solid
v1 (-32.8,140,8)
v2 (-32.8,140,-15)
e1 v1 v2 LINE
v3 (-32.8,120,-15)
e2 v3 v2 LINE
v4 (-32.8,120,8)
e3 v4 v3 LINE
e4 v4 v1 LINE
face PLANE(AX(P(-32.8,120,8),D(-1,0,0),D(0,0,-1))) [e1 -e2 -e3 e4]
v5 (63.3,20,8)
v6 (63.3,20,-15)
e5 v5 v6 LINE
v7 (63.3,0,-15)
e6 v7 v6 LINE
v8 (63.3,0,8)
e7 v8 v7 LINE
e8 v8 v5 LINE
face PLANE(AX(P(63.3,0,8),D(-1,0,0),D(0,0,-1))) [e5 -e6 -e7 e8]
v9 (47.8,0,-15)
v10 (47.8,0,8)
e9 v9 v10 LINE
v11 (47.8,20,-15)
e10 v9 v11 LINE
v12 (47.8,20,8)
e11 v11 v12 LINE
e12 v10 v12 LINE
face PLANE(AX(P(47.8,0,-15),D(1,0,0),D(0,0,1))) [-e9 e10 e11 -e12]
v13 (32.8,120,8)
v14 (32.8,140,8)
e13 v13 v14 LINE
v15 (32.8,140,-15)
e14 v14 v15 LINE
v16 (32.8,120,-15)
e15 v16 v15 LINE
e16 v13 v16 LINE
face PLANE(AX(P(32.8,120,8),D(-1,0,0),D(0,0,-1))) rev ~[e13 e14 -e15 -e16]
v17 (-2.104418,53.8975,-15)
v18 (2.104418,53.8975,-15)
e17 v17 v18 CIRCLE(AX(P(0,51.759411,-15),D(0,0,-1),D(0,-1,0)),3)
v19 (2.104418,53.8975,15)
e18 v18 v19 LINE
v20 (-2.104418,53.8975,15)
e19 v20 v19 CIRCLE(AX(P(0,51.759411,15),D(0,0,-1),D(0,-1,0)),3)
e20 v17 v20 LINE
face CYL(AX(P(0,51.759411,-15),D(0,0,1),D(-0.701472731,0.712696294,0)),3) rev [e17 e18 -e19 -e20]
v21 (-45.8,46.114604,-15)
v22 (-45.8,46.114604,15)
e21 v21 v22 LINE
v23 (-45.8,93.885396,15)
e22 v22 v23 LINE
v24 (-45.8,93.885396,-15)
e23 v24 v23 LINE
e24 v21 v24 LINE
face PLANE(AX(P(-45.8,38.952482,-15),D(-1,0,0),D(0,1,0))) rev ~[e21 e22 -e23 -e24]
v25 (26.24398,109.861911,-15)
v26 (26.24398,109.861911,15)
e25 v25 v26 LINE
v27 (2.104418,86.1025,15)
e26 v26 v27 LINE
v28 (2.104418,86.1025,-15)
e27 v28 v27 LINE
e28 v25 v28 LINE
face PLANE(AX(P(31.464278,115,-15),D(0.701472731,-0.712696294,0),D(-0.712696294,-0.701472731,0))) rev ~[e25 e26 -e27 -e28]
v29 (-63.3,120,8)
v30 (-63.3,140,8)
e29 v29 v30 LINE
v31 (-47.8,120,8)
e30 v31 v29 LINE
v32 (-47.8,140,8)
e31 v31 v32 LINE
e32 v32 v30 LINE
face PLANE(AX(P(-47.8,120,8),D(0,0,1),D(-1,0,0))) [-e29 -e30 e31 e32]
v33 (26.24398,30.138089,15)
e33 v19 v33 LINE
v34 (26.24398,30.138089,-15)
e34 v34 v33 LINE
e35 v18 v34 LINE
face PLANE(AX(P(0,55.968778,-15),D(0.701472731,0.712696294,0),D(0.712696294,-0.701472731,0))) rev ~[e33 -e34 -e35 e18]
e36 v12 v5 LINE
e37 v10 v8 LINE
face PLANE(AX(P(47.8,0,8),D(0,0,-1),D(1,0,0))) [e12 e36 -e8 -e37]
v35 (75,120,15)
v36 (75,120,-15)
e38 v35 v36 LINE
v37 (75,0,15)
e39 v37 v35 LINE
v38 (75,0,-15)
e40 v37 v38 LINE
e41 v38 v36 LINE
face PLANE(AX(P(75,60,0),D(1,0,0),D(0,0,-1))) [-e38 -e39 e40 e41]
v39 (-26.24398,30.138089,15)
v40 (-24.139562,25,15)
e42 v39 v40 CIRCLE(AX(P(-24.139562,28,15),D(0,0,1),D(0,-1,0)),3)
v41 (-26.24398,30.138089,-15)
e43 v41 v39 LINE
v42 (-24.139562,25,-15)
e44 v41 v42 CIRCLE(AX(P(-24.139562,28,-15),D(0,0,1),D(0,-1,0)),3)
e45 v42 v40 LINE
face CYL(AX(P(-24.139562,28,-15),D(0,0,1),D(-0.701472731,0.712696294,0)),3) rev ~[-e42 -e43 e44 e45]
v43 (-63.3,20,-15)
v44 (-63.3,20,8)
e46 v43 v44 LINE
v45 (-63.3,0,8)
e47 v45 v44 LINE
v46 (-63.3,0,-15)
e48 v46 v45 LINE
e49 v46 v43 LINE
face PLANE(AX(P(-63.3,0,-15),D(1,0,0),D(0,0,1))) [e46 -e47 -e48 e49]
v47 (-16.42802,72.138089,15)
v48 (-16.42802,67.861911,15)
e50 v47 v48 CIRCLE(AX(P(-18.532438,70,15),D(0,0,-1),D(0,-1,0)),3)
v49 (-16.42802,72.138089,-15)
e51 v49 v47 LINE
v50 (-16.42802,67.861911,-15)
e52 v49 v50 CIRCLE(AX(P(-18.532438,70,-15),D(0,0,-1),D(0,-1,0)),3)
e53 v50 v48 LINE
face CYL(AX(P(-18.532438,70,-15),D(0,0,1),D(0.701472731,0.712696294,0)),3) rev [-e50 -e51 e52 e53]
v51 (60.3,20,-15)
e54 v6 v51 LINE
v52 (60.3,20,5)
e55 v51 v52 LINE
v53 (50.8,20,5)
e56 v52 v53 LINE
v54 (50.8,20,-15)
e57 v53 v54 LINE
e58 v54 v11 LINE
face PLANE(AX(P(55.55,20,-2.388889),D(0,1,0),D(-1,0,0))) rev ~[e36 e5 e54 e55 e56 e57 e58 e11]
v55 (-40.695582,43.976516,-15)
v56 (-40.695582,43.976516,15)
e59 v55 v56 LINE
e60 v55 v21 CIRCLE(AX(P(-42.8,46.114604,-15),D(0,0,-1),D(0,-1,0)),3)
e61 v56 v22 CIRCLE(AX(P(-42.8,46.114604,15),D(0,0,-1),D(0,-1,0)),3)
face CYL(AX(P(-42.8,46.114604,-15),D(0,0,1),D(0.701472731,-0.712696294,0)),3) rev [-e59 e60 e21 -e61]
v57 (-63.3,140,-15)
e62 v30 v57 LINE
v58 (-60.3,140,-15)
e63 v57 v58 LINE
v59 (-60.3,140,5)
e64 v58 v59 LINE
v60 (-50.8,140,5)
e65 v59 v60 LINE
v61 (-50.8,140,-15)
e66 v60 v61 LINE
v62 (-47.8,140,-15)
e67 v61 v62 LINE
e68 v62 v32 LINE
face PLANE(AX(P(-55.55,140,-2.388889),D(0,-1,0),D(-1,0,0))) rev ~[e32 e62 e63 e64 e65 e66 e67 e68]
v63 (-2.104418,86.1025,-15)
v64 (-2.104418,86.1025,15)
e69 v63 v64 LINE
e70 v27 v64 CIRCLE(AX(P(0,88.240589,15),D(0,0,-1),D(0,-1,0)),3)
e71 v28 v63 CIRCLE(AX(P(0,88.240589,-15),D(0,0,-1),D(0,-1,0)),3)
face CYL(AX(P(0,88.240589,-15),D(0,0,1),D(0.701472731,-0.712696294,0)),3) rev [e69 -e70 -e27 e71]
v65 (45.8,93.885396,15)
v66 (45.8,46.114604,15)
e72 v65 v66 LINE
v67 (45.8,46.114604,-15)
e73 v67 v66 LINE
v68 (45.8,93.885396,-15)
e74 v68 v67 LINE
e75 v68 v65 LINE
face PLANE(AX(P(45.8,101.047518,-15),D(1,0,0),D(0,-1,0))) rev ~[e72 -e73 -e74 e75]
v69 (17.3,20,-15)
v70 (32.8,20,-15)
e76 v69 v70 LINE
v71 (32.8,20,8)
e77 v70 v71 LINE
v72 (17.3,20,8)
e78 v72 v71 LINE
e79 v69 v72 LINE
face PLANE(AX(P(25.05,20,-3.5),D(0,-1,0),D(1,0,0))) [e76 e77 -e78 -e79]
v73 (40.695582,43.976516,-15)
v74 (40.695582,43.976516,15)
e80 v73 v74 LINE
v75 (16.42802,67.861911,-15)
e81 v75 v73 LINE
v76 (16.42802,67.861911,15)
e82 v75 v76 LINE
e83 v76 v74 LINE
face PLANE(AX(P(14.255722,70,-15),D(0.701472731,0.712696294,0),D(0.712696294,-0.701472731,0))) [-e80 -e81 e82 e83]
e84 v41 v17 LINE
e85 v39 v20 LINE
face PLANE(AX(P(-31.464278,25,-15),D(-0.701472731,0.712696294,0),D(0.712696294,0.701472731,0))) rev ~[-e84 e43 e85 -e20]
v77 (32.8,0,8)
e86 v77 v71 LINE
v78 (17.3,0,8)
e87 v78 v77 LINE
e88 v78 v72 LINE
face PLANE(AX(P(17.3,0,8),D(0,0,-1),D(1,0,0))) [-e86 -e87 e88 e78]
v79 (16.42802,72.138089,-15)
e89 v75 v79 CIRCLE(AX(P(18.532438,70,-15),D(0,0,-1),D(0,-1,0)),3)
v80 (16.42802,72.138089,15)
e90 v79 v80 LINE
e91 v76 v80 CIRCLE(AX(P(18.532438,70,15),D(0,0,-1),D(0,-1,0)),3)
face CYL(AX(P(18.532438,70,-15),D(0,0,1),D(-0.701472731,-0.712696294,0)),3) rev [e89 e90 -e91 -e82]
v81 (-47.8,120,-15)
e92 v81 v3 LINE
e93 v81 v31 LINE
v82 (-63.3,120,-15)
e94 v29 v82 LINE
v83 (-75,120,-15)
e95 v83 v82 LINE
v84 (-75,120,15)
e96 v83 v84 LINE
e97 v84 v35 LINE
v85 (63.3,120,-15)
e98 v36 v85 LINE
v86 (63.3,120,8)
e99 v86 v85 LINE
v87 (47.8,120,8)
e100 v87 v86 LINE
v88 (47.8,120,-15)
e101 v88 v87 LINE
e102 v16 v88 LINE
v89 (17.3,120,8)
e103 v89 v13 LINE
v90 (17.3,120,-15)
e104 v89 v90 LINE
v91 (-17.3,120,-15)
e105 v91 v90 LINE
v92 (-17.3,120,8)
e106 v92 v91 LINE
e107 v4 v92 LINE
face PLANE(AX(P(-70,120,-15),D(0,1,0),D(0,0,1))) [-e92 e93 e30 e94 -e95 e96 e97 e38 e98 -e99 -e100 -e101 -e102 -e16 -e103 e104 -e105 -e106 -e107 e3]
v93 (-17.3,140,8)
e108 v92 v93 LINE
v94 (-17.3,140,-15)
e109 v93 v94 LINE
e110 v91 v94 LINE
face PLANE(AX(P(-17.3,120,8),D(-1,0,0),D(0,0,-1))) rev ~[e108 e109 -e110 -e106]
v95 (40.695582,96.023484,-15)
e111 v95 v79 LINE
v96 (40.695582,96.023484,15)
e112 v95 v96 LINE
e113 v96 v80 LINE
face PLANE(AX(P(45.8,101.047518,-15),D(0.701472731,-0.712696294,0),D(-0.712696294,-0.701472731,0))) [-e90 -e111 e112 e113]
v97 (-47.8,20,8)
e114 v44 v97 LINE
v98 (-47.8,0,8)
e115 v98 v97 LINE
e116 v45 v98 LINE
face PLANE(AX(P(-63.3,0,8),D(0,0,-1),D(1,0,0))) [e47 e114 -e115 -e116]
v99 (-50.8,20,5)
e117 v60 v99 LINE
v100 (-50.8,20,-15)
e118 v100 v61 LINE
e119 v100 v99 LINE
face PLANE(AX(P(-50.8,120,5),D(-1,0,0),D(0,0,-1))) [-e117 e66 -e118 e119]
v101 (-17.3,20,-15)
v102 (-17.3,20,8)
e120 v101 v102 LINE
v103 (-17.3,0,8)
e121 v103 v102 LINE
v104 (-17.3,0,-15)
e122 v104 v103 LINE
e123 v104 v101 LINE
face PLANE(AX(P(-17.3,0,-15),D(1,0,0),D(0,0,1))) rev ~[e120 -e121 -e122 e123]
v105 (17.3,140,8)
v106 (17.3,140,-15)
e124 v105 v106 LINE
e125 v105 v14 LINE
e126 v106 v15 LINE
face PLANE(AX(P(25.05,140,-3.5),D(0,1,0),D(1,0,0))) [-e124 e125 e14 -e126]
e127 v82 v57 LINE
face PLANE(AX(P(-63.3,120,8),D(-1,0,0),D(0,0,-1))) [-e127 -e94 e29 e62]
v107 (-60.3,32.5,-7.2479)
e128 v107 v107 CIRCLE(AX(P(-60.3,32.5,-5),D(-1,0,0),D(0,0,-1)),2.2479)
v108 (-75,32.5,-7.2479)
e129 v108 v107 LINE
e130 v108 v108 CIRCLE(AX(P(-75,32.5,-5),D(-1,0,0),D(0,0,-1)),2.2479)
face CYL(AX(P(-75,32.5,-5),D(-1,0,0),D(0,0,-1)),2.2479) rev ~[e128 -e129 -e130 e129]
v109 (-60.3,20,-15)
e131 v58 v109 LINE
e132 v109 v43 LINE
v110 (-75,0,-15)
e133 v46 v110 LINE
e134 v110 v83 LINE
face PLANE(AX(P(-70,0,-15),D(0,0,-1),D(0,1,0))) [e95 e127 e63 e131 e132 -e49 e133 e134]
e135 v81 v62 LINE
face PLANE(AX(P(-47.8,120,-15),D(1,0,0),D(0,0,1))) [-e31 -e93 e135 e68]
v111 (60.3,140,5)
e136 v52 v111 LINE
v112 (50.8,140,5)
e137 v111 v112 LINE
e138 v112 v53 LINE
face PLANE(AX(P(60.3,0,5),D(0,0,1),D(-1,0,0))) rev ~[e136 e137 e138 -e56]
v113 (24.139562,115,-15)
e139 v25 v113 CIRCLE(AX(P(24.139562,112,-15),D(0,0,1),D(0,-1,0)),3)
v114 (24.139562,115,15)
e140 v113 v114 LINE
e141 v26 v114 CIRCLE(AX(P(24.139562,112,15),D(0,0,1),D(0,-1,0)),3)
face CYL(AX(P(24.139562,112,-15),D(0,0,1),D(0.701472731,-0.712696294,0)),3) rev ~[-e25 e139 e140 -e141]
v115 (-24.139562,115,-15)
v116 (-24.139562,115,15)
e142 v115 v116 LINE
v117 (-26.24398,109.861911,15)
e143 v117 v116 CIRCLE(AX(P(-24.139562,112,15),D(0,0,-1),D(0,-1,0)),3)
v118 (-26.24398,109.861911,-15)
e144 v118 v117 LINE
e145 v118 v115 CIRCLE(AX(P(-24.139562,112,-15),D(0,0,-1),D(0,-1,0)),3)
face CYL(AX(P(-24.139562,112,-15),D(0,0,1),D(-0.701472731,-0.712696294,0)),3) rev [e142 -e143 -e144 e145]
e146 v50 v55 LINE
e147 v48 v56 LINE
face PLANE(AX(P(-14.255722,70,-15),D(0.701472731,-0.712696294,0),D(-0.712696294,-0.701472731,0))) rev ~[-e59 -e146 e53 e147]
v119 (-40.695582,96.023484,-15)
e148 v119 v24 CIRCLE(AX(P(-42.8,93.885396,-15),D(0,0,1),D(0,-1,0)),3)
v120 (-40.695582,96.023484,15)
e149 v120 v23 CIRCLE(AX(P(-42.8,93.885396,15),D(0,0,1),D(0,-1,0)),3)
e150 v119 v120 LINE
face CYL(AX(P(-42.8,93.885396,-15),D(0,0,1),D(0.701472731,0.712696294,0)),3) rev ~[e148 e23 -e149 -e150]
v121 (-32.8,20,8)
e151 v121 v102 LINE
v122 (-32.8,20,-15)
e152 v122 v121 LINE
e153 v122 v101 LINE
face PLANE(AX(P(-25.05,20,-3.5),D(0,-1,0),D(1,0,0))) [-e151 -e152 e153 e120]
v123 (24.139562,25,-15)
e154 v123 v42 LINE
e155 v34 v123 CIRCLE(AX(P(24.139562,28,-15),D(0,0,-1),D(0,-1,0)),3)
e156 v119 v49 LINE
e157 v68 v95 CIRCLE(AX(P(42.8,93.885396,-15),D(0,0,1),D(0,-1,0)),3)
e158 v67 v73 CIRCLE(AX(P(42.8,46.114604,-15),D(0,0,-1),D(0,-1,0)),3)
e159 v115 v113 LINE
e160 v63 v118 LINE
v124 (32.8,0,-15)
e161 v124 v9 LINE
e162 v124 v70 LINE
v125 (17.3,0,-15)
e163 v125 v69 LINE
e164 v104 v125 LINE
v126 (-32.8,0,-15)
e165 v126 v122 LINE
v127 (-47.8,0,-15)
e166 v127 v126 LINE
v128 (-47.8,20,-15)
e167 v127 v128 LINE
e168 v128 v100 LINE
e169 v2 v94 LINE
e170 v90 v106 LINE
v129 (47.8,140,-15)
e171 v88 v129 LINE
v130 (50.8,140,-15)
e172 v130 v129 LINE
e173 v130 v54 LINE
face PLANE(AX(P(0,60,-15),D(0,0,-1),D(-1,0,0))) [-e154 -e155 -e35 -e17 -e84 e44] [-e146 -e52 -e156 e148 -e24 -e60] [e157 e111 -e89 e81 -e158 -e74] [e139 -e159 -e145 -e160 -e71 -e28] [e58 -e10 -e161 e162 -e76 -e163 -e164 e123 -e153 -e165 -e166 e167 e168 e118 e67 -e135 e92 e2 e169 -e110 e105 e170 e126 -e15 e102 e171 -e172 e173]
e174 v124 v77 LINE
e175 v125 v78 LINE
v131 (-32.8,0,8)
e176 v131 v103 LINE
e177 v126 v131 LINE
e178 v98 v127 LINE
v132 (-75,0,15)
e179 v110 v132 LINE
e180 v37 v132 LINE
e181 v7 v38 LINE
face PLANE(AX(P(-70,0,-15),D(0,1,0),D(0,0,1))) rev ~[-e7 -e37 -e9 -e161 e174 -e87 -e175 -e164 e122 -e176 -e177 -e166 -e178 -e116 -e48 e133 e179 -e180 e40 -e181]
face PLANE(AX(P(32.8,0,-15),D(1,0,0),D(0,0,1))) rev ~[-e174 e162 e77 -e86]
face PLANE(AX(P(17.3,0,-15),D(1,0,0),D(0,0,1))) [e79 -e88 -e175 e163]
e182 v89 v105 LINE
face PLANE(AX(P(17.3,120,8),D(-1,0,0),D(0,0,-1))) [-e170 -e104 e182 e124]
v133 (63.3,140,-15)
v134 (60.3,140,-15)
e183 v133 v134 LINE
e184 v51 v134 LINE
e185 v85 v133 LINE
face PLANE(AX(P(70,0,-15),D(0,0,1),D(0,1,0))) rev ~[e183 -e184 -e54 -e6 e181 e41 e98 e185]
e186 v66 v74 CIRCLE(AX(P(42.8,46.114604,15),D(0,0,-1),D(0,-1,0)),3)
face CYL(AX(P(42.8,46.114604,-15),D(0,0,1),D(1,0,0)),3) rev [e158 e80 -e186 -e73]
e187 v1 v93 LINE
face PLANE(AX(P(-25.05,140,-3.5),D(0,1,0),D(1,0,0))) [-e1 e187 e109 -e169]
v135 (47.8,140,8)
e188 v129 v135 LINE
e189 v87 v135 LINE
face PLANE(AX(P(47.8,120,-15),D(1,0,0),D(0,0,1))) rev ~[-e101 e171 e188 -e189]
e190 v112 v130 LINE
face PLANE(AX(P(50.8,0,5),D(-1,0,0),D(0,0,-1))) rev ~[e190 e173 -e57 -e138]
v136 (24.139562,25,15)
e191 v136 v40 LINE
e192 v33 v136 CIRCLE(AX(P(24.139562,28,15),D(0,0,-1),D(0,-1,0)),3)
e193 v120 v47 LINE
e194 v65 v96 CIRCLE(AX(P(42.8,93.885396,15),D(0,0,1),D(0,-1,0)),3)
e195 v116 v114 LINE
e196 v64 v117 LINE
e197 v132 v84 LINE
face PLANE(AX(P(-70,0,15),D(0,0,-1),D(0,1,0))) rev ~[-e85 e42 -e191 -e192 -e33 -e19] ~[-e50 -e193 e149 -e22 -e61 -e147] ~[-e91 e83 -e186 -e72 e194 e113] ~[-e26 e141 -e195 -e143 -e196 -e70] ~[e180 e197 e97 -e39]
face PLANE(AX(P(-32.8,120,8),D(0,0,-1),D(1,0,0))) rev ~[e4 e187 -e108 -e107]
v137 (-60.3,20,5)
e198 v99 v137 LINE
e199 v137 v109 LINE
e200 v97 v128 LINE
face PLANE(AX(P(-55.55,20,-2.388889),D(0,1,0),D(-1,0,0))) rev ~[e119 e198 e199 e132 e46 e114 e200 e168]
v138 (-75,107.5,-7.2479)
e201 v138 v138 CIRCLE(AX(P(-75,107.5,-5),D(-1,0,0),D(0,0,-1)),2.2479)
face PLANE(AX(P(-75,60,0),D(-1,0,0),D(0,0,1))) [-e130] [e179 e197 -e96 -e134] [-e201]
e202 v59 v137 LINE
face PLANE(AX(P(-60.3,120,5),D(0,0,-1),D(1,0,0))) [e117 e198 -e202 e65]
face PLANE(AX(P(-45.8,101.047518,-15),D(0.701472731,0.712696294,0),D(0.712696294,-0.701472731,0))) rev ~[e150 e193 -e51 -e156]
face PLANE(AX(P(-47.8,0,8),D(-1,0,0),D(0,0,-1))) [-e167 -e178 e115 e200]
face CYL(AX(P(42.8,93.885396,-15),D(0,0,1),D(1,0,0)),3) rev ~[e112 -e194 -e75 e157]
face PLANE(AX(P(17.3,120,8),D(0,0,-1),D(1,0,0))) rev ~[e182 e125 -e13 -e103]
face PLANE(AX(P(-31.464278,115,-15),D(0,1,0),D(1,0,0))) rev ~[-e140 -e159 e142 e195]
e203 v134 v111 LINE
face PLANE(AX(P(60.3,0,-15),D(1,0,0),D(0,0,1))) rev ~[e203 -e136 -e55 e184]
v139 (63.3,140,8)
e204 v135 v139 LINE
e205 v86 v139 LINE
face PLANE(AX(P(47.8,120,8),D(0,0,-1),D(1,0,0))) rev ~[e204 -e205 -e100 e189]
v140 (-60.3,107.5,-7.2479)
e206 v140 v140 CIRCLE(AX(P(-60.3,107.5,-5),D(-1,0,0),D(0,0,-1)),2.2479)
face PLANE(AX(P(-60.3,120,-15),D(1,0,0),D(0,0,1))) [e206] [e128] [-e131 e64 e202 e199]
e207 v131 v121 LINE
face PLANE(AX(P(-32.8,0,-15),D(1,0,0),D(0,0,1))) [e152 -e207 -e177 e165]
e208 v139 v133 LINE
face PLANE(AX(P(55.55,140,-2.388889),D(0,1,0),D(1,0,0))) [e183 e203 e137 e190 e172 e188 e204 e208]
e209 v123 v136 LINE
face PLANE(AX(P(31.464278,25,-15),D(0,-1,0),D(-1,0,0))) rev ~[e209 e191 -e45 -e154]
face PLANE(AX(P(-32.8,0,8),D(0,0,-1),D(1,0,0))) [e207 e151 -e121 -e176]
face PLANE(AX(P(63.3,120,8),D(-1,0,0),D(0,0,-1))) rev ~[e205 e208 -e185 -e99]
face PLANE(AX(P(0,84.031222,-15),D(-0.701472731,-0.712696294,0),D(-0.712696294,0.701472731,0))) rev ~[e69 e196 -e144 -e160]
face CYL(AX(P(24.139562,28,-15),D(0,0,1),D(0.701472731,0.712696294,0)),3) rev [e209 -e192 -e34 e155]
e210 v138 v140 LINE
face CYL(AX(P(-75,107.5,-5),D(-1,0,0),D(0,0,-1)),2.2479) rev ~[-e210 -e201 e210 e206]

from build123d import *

# Parameters (mm, degrees)
BOSS_EXTRUDE1_DEPTH        = 120
BOSS_EXTRUDE2_DEPTH        = 20
CUT_EXTRUDE1_DEPTH         = 20
SKETCH17_W                 = 82.2
SKETCH17_H                 = 120
BOSS_EXTRUDE3_DEPTH        = 20
SKETCH18_W                 = 15.5
SKETCH18_H                 = 23
CUT_EXTRUDE2_DEPTH         = 20
SKETCH19_W                 = 15.5
SKETCH19_H                 = 23
BOSS_EXTRUDE4_DEPTH        = 20
CUT_EXTRUDE3_DEPTH         = 37
FILLET3_R                  = 3
SKETCH22_W                 = 30
SKETCH22_H                 = 120
BOSS_EXTRUDE5_DEPTH        = 5
SKETCH23_W                 = 30
SKETCH23_H                 = 120
BOSS_EXTRUDE6_DEPTH        = 5
F_8_CLEARANCE_HOLE1_REACH  = 187.624
F_8_CLEARANCE_HOLE1_BORE_R = 2.2479


with BuildPart() as part:
    # Sketch1 → Boss-Extrude1 (new body)
    with BuildSketch(Plane(origin=(0, 0, 0), x_dir=(1, 0, 0), z_dir=(0, 1, 0))):
        Polygon((-70, 15), (-70, -15), (70, -15), (70, 15), (60.3, 15), (60.3, -5), (50.8, -5), (50.8, 15), (41.1, 15), (41.1, -5), (-41.1, -5), (-41.1, 15), (-50.8, 15), (-50.8, -5), (-60.3, -5), (-60.3, 15), align=None)
    extrude(amount=BOSS_EXTRUDE1_DEPTH)

    # Sketch2 → Boss-Extrude2 (add)
    with BuildSketch(Plane(origin=(0, 120, 0), x_dir=(1, 0, 0), z_dir=(0, 1, 0))):
        Polygon((-63.3, -8), (-63.3, 15), (-60.3, 15), (-60.3, -5), (-50.8, -5), (-50.8, 15), (-47.8, 15), (-47.8, -8), align=None)
        Polygon((63.3, -8), (63.3, 15), (60.3, 15), (60.3, -5), (50.8, -5), (50.8, 15), (47.8, 15), (47.8, -8), align=None)
    extrude(amount=BOSS_EXTRUDE2_DEPTH)

    # Sketch3 → Cut-Extrude1 (cut)
    with BuildSketch(Plane.XZ):
        Polygon((-47.8, 8), (-47.8, -15), (-50.8, -15), (-50.8, 5), (-60.3, 5), (-60.3, -15), (-63.3, -15), (-63.3, 8), align=None)
        Polygon((63.3, 8), (63.3, -15), (60.3, -15), (60.3, 5), (50.8, 5), (50.8, -15), (47.8, -15), (47.8, 8), align=None)
    extrude(amount=-CUT_EXTRUDE1_DEPTH, mode=Mode.SUBTRACT)

    # Sketch17 → Boss-Extrude3 (add)
    with BuildSketch(Plane(origin=(0, 0, 5), x_dir=(-1, 0, 0), z_dir=(0, 0, -1))):
        with Locations((0, 60)):
            Rectangle(SKETCH17_W, SKETCH17_H)
    extrude(amount=BOSS_EXTRUDE3_DEPTH)

    # Sketch18 → Cut-Extrude2 (cut)
    with BuildSketch(Plane.XZ):
        with Locations((-25.05, -3.5)):
            Rectangle(SKETCH18_W, SKETCH18_H)
        with Locations((25.05, -3.5)):
            Rectangle(SKETCH18_W, SKETCH18_H)
    extrude(amount=-CUT_EXTRUDE2_DEPTH, mode=Mode.SUBTRACT)

    # Sketch19 → Boss-Extrude4 (add)
    with BuildSketch(Plane(origin=(0, 120, 0), x_dir=(1, 0, 0), z_dir=(0, 1, 0))):
        with Locations((-25.05, 3.5)):
            Rectangle(SKETCH19_W, SKETCH19_H)
        with Locations((25.05, 3.5)):
            Rectangle(SKETCH19_W, SKETCH19_H)
    extrude(amount=BOSS_EXTRUDE4_DEPTH)

    # Sketch20 → Cut-Extrude3 (cut)
    with BuildSketch(Plane(origin=(0, 0, -15), x_dir=(-1, 0, 0), z_dir=(0, 0, -1))):
        Polygon((0, 25), (31.464278342, 25), (0, 55.968777895), (-31.464278342, 25), align=None)
        Polygon((45.8, 70), (45.8, 101.047518053), (14.255721658, 70), (45.8, 38.952481947), align=None)
        Polygon((0, 115), (-31.464278342, 115), (0, 84.031222105), (31.464278342, 115), align=None)
        Polygon((-45.8, 70), (-45.8, 101.047518053), (-14.255721658, 70), (-45.8, 38.952481947), align=None)
    extrude(amount=-CUT_EXTRUDE3_DEPTH, mode=Mode.SUBTRACT)

    # Fillet3
    fillet3_edges = [part.edges().sort_by_distance(p)[0] for p in [
        (-31.464278342, 115, 0),
        (0, 84.031222105, 0),
        (31.464278342, 115, 0),
        (-45.8, 38.952481947, 0),
        (-14.255721658, 70, 0),
        (-45.8, 101.047518053, 0),
        (45.8, 38.952481947, 0),
        (45.8, 101.047518053, 0),
        (14.255721658, 70, 0),
        (31.464278342, 25, 0),
        (0, 55.968777895, 0),
        (-31.464278342, 25, 0),
    ]]
    fillet(fillet3_edges, radius=FILLET3_R)

    # Sketch22 → Boss-Extrude5 (add)
    with BuildSketch(Plane(origin=(70, 0, 0), x_dir=(0, 0, -1), z_dir=(1, 0, 0))):
        with Locations((0, 60)):
            Rectangle(SKETCH22_W, SKETCH22_H)
    extrude(amount=BOSS_EXTRUDE5_DEPTH)

    # Sketch23 → Boss-Extrude6 (add)
    with BuildSketch(Plane.ZY.offset(70)):
        with Locations((0, 60)):
            Rectangle(SKETCH23_W, SKETCH23_H)
    extrude(amount=BOSS_EXTRUDE6_DEPTH)

    # #8 Clearance Hole1 bore (on position points) → #8 Clearance Hole1 (cut, up to next)
    with BuildSketch(Plane(origin=(-75, 107.5, -5), x_dir=(0, 0, -1), z_dir=(-1, 0, 0)), mode=Mode.PRIVATE) as f_8_clearance_hole1_sk1:
        Circle(F_8_CLEARANCE_HOLE1_BORE_R)
    f_8_clearance_hole1_tool1 = extrude(f_8_clearance_hole1_sk1.sketch, amount=-F_8_CLEARANCE_HOLE1_REACH, mode=Mode.PRIVATE) & part.part
    # #8 Clearance Hole1 bore (on position points) → #8 Clearance Hole1 (cut, up to next)
    with BuildSketch(Plane(origin=(-75, 107.5, -5), x_dir=(0, 0, -1), z_dir=(-1, 0, 0)), mode=Mode.PRIVATE) as f_8_clearance_hole1_sk2:
        with Locations((0, 75)):
            Circle(F_8_CLEARANCE_HOLE1_BORE_R)
    f_8_clearance_hole1_tool2 = extrude(f_8_clearance_hole1_sk2.sketch, amount=-F_8_CLEARANCE_HOLE1_REACH, mode=Mode.PRIVATE) & part.part
    add(f_8_clearance_hole1_tool1.solids().sort_by_distance((-75, 107.5, -5))[0], mode=Mode.SUBTRACT)
    add(f_8_clearance_hole1_tool2.solids().sort_by_distance((-75, 32.5, -5))[0], mode=Mode.SUBTRACT)


solid = part.part
